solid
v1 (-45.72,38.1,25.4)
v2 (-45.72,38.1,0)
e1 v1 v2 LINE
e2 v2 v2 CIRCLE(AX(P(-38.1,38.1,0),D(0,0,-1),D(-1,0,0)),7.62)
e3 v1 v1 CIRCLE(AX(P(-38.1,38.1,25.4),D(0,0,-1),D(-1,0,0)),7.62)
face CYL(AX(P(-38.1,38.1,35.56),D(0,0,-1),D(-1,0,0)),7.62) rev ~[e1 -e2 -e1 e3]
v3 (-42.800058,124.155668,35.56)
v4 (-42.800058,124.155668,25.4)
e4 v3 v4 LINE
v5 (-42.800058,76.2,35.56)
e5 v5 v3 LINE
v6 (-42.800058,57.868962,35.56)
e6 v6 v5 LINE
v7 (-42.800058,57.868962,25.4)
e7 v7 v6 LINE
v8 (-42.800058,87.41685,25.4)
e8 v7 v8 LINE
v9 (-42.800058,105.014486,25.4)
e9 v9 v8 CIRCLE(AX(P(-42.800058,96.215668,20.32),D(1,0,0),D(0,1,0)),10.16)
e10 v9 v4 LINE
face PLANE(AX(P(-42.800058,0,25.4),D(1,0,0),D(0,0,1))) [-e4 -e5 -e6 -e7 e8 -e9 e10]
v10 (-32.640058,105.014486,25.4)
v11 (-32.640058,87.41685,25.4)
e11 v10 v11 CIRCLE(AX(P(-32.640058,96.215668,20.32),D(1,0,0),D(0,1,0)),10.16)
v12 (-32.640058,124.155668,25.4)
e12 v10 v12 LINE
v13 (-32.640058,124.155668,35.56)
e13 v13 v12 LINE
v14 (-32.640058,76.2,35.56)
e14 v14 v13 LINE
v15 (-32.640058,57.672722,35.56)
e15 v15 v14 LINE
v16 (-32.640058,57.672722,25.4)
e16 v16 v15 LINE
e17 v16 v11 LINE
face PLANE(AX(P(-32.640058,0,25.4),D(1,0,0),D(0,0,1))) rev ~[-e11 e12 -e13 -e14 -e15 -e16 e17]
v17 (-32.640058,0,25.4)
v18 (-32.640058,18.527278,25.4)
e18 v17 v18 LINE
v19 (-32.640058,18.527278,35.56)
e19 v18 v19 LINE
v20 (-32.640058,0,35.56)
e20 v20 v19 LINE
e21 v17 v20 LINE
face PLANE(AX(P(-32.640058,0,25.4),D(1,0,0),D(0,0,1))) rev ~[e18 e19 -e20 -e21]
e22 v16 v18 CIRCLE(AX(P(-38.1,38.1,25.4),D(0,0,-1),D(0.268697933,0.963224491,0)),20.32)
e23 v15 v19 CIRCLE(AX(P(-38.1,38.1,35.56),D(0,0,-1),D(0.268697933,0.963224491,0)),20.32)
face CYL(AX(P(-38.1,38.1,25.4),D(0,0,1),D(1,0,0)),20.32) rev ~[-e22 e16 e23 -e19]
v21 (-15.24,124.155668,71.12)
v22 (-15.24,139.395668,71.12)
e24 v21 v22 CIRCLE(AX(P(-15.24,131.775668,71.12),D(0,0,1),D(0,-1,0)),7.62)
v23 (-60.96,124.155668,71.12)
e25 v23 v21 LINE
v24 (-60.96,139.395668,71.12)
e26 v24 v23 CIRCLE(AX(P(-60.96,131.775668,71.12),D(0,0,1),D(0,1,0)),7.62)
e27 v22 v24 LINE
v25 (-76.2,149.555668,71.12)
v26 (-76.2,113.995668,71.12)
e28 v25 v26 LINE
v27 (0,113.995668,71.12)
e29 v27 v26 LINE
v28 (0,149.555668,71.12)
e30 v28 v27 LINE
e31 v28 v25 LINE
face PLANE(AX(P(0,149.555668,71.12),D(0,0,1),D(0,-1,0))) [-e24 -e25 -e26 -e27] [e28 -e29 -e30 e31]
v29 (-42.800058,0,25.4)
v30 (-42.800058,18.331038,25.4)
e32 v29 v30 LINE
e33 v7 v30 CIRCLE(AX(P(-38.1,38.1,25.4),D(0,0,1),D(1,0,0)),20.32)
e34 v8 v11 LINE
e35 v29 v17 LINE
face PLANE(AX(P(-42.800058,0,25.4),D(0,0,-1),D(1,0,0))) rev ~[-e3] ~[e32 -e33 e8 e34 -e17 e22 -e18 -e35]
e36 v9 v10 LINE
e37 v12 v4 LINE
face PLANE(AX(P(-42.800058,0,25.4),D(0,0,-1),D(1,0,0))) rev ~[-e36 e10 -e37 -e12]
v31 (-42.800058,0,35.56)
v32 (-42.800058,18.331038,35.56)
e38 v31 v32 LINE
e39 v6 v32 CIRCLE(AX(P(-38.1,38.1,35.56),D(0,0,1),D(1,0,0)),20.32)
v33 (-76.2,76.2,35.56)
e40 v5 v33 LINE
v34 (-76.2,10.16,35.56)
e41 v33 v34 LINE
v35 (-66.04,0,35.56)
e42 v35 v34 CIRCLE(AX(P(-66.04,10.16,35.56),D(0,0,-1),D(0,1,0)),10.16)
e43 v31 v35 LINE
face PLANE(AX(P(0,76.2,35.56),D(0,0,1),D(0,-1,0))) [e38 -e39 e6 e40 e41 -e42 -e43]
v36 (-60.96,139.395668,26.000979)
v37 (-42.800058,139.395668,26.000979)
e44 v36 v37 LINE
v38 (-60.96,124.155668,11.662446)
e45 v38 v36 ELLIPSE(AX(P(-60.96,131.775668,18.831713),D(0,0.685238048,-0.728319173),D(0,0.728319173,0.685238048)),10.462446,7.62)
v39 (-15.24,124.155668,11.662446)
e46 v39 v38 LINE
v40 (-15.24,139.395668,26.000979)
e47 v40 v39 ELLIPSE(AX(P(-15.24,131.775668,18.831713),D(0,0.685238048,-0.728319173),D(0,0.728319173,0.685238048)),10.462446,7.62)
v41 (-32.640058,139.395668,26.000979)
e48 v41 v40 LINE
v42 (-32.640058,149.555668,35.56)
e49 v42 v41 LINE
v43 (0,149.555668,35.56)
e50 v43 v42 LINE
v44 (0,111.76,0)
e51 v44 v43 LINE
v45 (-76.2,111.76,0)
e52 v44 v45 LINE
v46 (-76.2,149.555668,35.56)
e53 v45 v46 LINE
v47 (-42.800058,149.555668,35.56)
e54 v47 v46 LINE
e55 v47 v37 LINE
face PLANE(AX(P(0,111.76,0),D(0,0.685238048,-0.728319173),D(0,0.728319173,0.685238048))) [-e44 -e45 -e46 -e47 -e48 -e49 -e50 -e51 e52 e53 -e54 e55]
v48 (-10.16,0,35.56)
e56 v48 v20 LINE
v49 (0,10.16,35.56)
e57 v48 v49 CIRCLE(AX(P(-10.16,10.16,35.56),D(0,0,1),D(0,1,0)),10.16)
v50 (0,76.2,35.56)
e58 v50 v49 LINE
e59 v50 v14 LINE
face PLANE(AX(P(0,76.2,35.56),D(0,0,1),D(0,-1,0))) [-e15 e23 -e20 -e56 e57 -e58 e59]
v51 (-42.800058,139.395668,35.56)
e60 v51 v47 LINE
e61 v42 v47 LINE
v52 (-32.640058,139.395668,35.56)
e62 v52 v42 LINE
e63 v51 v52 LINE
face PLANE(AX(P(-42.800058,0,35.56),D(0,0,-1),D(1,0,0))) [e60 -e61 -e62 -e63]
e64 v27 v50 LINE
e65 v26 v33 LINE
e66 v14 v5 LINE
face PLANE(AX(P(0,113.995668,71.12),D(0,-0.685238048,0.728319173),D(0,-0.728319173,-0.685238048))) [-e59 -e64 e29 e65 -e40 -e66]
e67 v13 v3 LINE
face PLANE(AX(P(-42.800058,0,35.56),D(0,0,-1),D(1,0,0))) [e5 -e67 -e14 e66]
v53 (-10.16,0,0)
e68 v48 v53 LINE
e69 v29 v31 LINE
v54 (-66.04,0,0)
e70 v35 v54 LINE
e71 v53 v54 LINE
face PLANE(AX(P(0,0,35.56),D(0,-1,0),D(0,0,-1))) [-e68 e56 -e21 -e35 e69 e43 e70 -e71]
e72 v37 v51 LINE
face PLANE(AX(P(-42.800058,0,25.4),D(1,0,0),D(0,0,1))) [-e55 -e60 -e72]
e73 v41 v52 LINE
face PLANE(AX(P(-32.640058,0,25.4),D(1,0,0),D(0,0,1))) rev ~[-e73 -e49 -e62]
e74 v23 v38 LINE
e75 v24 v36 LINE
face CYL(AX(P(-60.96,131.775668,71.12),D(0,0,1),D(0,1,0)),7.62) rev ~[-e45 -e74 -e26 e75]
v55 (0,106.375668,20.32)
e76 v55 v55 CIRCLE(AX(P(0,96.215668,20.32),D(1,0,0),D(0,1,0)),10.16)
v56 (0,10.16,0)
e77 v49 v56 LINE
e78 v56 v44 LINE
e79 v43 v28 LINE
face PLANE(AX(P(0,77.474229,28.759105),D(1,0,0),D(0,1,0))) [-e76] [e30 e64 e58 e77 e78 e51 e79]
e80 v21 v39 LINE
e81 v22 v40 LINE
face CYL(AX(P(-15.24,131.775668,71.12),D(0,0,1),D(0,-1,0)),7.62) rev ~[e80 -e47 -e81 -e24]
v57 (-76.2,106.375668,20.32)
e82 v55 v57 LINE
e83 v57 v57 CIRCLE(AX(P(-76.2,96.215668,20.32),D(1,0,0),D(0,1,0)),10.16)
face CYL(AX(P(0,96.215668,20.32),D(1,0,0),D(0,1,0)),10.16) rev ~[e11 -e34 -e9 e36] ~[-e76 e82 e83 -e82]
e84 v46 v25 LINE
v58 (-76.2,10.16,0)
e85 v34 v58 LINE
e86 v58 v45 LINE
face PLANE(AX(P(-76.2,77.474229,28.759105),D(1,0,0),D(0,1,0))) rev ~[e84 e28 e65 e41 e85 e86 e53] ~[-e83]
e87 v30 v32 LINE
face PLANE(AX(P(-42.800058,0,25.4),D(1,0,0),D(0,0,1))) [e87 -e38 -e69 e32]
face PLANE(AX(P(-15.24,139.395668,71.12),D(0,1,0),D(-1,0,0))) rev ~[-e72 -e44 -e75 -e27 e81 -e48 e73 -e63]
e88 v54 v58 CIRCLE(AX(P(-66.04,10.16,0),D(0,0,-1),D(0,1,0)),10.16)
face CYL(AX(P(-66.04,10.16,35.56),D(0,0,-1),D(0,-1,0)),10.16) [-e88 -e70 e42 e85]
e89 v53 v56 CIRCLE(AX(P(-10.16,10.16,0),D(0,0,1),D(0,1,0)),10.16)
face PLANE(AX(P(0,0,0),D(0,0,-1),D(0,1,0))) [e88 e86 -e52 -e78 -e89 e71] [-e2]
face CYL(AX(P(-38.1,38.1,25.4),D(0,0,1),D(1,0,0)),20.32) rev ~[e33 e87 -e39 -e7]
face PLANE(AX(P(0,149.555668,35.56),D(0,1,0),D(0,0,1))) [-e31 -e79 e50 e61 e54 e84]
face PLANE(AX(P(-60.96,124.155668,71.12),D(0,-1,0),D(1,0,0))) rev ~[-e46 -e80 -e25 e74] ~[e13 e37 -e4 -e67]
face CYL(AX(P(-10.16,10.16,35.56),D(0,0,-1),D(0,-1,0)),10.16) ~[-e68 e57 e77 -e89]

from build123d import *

# Parameters (mm, degrees)
F1_DEPTH       = 76.2
F2_R           = 10.16
F4_D           = 15.24
F4_CBORE_D     = 40.64
F4_CBORE_DEPTH = 10.16
F5_R           = 10.16
F6_DEPTH       = 76.201
F8_W           = 10.16
F8_H           = 10.16
F9_DEPTH       = 149.556668
F10_DEPTH      = 71.121


with BuildPart() as f1:
    # F0 (on Right) → F1 (new body)
    with BuildSketch(Plane.YZ):
        Polygon((76.2, 35.56), (0, 35.56), (0, 0), (111.76, 0), (149.555668, 35.56), (149.555668, 71.12), (113.995668, 71.12), align=None)
    extrude(amount=-F1_DEPTH)

    # F2
    f2_edges = [f1.edges().sort_by_distance(p)[0] for p in [
        (-76.2, 0, 17.78),
        (0, 0, 17.78),
    ]]
    fillet(f2_edges, radius=F2_R)

    # F4 (through all)
    with Locations(Plane.XY.offset(35.56)):
        with Locations((-38.1, 38.1)):
            CounterBoreHole(F4_D / 2, F4_CBORE_D / 2, F4_CBORE_DEPTH)

    # F5 (on face) → F6 (cut, through all)
    with BuildSketch(Plane.YZ):
        with Locations((96.215668, 20.32)):
            Circle(F5_R)
    extrude(amount=-F6_DEPTH, mode=Mode.SUBTRACT)

    # F8 (on face) → F9 (cut, through all)
    with BuildSketch(Plane.XZ):
        with Locations((-37.720058, 30.48)):
            Rectangle(F8_W, F8_H)
    extrude(amount=-F9_DEPTH, mode=Mode.SUBTRACT)

    # F7 (on face) → F10 (cut, through all)
    with BuildSketch(Plane.XY.offset(71.12)):
        with BuildLine():
            Line((-15.24, 139.395668), (-60.96, 139.395668))
            ThreePointArc((-60.96, 139.395668), (-68.58, 131.775668), (-60.96, 124.155668))
            Line((-60.96, 124.155668), (-15.24, 124.155668))
            ThreePointArc((-15.24, 124.155668), (-7.62, 131.775668), (-15.24, 139.395668))
        make_face()
    extrude(amount=-F10_DEPTH, mode=Mode.SUBTRACT)


solid = f1.part
